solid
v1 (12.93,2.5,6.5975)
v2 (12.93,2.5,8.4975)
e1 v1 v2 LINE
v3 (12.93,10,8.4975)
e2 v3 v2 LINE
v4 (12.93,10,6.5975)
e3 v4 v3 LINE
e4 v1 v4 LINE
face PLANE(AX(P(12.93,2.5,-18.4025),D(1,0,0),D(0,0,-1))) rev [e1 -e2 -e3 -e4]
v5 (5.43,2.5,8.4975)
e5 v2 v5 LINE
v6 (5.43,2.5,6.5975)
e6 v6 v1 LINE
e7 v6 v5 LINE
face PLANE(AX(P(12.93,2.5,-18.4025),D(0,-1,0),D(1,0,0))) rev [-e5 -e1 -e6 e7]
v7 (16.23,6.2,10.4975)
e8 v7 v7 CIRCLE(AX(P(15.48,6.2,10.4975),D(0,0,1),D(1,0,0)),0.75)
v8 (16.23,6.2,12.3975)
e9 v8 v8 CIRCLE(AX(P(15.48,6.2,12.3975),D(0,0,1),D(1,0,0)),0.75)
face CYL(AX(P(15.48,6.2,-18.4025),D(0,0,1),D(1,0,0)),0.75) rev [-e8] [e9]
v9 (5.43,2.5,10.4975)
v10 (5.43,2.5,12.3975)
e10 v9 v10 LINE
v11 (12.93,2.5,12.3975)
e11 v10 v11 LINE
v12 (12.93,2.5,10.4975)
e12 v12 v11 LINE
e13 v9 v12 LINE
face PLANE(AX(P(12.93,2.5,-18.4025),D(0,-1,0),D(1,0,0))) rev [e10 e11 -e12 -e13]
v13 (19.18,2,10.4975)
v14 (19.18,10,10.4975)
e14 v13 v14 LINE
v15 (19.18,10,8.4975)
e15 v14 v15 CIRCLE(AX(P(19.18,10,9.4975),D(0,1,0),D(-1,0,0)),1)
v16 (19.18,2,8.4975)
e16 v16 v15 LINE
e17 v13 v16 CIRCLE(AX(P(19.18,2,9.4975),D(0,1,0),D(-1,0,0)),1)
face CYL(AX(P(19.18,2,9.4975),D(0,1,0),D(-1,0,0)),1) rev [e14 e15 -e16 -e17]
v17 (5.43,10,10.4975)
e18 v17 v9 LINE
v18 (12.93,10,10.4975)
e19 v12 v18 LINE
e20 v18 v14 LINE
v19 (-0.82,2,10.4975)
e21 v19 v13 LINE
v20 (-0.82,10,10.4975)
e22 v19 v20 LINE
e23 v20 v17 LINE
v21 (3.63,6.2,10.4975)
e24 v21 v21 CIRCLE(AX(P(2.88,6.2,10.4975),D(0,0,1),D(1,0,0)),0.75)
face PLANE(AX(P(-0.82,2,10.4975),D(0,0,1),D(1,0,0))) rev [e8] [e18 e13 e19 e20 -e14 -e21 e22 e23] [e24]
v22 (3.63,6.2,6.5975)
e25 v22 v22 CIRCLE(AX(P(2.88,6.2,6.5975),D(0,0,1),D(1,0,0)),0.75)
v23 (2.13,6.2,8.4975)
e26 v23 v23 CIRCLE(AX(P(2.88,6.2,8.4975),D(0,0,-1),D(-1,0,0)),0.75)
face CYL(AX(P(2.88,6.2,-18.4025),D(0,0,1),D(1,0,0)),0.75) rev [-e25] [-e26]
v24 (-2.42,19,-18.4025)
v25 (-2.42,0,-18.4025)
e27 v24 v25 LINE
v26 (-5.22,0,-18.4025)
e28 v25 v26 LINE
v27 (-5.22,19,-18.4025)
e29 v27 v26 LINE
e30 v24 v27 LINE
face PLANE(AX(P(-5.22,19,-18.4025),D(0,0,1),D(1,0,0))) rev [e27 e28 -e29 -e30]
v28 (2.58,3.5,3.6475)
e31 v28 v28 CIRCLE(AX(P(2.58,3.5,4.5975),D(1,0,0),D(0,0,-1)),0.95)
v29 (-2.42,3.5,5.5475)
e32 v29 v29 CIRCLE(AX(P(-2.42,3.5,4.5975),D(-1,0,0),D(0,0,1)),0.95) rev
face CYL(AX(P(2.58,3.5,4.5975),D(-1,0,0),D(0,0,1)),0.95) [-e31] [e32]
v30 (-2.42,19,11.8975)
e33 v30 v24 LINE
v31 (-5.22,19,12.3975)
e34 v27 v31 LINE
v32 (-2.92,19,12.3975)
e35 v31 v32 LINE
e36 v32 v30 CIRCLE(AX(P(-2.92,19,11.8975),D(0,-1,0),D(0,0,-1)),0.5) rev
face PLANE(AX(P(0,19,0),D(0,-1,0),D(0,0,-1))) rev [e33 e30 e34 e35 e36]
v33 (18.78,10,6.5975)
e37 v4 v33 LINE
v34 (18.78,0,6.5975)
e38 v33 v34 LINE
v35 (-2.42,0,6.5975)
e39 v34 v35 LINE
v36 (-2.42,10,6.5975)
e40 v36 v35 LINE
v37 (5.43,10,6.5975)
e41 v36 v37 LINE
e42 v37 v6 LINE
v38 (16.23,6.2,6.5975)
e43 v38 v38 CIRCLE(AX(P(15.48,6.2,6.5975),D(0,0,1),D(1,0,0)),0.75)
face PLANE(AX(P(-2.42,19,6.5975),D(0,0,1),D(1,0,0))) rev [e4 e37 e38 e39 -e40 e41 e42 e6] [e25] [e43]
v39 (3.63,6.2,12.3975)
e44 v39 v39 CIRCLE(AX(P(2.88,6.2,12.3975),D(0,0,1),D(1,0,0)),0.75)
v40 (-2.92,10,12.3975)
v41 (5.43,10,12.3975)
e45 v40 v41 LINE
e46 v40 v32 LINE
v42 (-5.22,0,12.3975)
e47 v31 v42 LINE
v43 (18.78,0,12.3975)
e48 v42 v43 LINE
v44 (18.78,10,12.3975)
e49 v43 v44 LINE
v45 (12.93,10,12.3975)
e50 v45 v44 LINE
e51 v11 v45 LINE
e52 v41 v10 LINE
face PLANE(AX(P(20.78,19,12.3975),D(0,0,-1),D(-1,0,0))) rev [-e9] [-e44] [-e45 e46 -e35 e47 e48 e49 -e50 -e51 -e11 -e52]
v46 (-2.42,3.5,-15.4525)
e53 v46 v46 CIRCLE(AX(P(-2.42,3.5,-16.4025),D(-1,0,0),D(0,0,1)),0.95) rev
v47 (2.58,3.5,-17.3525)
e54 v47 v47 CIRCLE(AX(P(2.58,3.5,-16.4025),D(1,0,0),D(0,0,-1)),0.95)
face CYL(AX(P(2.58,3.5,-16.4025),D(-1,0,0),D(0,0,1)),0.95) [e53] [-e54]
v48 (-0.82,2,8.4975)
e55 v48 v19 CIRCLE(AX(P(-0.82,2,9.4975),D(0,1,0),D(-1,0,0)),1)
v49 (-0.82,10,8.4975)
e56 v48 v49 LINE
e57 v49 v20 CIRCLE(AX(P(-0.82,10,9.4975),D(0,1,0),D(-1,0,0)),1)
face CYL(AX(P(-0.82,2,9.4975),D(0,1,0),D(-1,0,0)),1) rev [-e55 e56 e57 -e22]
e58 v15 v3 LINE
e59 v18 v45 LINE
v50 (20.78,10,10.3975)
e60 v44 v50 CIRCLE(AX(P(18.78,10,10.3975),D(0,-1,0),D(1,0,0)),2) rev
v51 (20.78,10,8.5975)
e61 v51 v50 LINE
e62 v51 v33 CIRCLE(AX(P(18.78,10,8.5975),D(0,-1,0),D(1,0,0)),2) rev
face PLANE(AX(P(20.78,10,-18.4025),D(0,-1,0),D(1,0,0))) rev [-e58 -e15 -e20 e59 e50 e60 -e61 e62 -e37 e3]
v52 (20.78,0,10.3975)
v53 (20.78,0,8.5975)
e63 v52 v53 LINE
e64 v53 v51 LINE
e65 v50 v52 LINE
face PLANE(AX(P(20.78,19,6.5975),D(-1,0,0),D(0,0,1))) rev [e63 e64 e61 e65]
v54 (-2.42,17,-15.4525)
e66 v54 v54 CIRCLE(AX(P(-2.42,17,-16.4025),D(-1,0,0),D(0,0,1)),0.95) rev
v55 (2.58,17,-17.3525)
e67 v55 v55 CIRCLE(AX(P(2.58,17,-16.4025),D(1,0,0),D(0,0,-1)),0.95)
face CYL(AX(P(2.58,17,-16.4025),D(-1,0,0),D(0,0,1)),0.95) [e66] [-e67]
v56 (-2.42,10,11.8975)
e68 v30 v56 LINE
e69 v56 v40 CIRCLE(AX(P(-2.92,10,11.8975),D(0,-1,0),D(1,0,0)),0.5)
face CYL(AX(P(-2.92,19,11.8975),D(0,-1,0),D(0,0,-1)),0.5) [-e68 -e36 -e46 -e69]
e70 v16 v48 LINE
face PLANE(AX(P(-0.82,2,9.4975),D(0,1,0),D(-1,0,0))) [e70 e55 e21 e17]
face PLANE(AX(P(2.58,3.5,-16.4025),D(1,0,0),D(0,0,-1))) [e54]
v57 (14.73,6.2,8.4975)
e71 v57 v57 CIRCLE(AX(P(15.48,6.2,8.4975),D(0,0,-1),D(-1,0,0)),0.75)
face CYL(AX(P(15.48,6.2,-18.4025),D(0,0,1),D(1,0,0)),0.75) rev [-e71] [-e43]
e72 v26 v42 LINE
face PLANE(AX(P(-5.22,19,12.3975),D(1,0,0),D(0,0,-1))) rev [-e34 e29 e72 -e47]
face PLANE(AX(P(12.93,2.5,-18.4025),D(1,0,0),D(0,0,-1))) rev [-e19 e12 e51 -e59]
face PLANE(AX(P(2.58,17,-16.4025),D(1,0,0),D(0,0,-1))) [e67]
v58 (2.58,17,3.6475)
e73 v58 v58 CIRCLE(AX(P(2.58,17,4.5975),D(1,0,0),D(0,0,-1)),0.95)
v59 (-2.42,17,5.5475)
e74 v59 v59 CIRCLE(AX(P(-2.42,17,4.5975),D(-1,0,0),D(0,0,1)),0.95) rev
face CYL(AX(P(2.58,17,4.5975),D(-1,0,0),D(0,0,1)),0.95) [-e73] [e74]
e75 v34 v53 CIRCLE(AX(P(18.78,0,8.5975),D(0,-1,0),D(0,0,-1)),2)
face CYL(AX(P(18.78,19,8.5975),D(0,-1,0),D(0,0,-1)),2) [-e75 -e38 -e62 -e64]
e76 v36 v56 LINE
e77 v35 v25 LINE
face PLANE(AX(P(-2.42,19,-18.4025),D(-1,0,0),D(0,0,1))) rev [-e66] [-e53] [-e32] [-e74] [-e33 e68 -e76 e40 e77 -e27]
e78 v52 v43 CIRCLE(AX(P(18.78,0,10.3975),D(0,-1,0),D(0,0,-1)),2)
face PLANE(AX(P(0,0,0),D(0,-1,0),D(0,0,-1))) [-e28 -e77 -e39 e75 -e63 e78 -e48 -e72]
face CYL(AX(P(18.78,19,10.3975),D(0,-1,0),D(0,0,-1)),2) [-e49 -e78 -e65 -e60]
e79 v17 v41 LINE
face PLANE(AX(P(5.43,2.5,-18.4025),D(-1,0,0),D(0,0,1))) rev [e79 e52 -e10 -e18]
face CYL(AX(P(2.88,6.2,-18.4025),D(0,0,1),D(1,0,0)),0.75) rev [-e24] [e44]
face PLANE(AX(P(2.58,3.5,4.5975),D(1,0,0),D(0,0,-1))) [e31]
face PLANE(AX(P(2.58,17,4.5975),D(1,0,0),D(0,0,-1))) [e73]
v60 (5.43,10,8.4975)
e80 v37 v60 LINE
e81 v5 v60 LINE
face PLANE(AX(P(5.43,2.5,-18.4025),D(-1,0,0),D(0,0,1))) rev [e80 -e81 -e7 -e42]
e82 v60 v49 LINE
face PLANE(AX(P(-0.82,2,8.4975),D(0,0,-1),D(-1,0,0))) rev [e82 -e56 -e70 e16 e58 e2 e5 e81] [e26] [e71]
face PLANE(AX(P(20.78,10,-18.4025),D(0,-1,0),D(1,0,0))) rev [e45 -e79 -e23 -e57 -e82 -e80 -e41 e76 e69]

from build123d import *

# Parameters (mm, degrees)
EXTRUDE_1_DEPTH     = 19
SKETCH_3_W          = 23.2
SKETCH_3_H          = 9
CUT_EXTRUDE_2_DEPTH = 31.8
CUT_EXTRUDE_3_DEPTH = 8
SKETCH_5_W          = 7.5
SKETCH_5_H          = 7.5
CUT_EXTRUDE_4_DEPTH = 31.8
SKETCH_7_R          = 0.75
CUT_EXTRUDE_6_DEPTH = 31.8
FILLET_3_R          = 2
FILLET_4_R          = 0.5
SKETCH_8_R          = 0.95
EXTRUDE_2_DEPTH     = 5


with BuildPart() as part:
    # 草图1 → 凸台-拉伸1 (new body)
    with BuildSketch(Plane(origin=(0, 0, 0), x_dir=(1, 0, 0), z_dir=(0, 1, 0))):
        Polygon((-5.22, 18.4025), (-2.42, 18.4025), (-2.42, -6.5975), (20.78, -6.5975), (20.78, -12.3975), (-5.22, -12.3975), align=None)
    extrude(amount=EXTRUDE_1_DEPTH)

    # 草图3 → 切除-拉伸2 (cut, through all)
    with BuildSketch(Plane.XY.offset(12.3975)):
        with Locations((9.18, 14.5)):
            Rectangle(SKETCH_3_W, SKETCH_3_H)
    extrude(amount=-CUT_EXTRUDE_2_DEPTH, mode=Mode.SUBTRACT)

    # 草图4 → 切除-拉伸3 (cut)
    with BuildSketch(Plane(origin=(0, 10, 0), x_dir=(1, 0, 0), z_dir=(0, 1, 0))):
        with BuildLine():
            Line((-0.82, -8.4975), (19.18, -8.4975))
            ThreePointArc((19.18, -8.4975), (20.18, -9.4975), (19.18, -10.4975))
            Line((19.18, -10.4975), (-0.82, -10.4975))
            ThreePointArc((-0.82, -10.4975), (-1.82, -9.4975), (-0.82, -8.4975))
        make_face()
    extrude(amount=-CUT_EXTRUDE_3_DEPTH, mode=Mode.SUBTRACT)

    # 草图5 → 切除-拉伸4 (cut, through all)
    with BuildSketch(Plane.XY.offset(12.3975)):
        with Locations((9.18, 6.25)):
            Rectangle(SKETCH_5_W, SKETCH_5_H)
    extrude(amount=-CUT_EXTRUDE_4_DEPTH, mode=Mode.SUBTRACT)

    # 草图7 → 切除-拉伸6 (cut, through all)
    with BuildSketch(Plane.XY.offset(12.3975)):
        with Locations((2.88, 6.2)):
            Circle(SKETCH_7_R)
        with Locations((15.48, 6.2)):
            Circle(SKETCH_7_R)
    extrude(amount=-CUT_EXTRUDE_6_DEPTH, mode=Mode.SUBTRACT)

    # 圆角3
    fillet_3_edges = [part.edges().sort_by_distance(p)[0] for p in [
        (20.78, 5, 6.5975),
        (20.78, 5, 12.3975),
    ]]
    fillet(fillet_3_edges, radius=FILLET_3_R)

    # 圆角4
    fillet_4_edges = [part.edges().sort_by_distance(p)[0] for p in [
        (-2.42, 14.5, 12.3975),
    ]]
    fillet(fillet_4_edges, radius=FILLET_4_R)

    # 草图8 → 凸台-拉伸2 (add)
    with BuildSketch(Plane(origin=(-2.42, 0, 0), x_dir=(0, 0, -1), z_dir=(1, 0, 0))):
        with Locations((16.4025, 17)):
            Circle(SKETCH_8_R)
        with Locations((16.4025, 3.5)):
            Circle(SKETCH_8_R)
        with Locations((-4.5975, 3.5)):
            Circle(SKETCH_8_R)
        with Locations((-4.5975, 17)):
            Circle(SKETCH_8_R)
    extrude(amount=EXTRUDE_2_DEPTH)


solid = part.part
